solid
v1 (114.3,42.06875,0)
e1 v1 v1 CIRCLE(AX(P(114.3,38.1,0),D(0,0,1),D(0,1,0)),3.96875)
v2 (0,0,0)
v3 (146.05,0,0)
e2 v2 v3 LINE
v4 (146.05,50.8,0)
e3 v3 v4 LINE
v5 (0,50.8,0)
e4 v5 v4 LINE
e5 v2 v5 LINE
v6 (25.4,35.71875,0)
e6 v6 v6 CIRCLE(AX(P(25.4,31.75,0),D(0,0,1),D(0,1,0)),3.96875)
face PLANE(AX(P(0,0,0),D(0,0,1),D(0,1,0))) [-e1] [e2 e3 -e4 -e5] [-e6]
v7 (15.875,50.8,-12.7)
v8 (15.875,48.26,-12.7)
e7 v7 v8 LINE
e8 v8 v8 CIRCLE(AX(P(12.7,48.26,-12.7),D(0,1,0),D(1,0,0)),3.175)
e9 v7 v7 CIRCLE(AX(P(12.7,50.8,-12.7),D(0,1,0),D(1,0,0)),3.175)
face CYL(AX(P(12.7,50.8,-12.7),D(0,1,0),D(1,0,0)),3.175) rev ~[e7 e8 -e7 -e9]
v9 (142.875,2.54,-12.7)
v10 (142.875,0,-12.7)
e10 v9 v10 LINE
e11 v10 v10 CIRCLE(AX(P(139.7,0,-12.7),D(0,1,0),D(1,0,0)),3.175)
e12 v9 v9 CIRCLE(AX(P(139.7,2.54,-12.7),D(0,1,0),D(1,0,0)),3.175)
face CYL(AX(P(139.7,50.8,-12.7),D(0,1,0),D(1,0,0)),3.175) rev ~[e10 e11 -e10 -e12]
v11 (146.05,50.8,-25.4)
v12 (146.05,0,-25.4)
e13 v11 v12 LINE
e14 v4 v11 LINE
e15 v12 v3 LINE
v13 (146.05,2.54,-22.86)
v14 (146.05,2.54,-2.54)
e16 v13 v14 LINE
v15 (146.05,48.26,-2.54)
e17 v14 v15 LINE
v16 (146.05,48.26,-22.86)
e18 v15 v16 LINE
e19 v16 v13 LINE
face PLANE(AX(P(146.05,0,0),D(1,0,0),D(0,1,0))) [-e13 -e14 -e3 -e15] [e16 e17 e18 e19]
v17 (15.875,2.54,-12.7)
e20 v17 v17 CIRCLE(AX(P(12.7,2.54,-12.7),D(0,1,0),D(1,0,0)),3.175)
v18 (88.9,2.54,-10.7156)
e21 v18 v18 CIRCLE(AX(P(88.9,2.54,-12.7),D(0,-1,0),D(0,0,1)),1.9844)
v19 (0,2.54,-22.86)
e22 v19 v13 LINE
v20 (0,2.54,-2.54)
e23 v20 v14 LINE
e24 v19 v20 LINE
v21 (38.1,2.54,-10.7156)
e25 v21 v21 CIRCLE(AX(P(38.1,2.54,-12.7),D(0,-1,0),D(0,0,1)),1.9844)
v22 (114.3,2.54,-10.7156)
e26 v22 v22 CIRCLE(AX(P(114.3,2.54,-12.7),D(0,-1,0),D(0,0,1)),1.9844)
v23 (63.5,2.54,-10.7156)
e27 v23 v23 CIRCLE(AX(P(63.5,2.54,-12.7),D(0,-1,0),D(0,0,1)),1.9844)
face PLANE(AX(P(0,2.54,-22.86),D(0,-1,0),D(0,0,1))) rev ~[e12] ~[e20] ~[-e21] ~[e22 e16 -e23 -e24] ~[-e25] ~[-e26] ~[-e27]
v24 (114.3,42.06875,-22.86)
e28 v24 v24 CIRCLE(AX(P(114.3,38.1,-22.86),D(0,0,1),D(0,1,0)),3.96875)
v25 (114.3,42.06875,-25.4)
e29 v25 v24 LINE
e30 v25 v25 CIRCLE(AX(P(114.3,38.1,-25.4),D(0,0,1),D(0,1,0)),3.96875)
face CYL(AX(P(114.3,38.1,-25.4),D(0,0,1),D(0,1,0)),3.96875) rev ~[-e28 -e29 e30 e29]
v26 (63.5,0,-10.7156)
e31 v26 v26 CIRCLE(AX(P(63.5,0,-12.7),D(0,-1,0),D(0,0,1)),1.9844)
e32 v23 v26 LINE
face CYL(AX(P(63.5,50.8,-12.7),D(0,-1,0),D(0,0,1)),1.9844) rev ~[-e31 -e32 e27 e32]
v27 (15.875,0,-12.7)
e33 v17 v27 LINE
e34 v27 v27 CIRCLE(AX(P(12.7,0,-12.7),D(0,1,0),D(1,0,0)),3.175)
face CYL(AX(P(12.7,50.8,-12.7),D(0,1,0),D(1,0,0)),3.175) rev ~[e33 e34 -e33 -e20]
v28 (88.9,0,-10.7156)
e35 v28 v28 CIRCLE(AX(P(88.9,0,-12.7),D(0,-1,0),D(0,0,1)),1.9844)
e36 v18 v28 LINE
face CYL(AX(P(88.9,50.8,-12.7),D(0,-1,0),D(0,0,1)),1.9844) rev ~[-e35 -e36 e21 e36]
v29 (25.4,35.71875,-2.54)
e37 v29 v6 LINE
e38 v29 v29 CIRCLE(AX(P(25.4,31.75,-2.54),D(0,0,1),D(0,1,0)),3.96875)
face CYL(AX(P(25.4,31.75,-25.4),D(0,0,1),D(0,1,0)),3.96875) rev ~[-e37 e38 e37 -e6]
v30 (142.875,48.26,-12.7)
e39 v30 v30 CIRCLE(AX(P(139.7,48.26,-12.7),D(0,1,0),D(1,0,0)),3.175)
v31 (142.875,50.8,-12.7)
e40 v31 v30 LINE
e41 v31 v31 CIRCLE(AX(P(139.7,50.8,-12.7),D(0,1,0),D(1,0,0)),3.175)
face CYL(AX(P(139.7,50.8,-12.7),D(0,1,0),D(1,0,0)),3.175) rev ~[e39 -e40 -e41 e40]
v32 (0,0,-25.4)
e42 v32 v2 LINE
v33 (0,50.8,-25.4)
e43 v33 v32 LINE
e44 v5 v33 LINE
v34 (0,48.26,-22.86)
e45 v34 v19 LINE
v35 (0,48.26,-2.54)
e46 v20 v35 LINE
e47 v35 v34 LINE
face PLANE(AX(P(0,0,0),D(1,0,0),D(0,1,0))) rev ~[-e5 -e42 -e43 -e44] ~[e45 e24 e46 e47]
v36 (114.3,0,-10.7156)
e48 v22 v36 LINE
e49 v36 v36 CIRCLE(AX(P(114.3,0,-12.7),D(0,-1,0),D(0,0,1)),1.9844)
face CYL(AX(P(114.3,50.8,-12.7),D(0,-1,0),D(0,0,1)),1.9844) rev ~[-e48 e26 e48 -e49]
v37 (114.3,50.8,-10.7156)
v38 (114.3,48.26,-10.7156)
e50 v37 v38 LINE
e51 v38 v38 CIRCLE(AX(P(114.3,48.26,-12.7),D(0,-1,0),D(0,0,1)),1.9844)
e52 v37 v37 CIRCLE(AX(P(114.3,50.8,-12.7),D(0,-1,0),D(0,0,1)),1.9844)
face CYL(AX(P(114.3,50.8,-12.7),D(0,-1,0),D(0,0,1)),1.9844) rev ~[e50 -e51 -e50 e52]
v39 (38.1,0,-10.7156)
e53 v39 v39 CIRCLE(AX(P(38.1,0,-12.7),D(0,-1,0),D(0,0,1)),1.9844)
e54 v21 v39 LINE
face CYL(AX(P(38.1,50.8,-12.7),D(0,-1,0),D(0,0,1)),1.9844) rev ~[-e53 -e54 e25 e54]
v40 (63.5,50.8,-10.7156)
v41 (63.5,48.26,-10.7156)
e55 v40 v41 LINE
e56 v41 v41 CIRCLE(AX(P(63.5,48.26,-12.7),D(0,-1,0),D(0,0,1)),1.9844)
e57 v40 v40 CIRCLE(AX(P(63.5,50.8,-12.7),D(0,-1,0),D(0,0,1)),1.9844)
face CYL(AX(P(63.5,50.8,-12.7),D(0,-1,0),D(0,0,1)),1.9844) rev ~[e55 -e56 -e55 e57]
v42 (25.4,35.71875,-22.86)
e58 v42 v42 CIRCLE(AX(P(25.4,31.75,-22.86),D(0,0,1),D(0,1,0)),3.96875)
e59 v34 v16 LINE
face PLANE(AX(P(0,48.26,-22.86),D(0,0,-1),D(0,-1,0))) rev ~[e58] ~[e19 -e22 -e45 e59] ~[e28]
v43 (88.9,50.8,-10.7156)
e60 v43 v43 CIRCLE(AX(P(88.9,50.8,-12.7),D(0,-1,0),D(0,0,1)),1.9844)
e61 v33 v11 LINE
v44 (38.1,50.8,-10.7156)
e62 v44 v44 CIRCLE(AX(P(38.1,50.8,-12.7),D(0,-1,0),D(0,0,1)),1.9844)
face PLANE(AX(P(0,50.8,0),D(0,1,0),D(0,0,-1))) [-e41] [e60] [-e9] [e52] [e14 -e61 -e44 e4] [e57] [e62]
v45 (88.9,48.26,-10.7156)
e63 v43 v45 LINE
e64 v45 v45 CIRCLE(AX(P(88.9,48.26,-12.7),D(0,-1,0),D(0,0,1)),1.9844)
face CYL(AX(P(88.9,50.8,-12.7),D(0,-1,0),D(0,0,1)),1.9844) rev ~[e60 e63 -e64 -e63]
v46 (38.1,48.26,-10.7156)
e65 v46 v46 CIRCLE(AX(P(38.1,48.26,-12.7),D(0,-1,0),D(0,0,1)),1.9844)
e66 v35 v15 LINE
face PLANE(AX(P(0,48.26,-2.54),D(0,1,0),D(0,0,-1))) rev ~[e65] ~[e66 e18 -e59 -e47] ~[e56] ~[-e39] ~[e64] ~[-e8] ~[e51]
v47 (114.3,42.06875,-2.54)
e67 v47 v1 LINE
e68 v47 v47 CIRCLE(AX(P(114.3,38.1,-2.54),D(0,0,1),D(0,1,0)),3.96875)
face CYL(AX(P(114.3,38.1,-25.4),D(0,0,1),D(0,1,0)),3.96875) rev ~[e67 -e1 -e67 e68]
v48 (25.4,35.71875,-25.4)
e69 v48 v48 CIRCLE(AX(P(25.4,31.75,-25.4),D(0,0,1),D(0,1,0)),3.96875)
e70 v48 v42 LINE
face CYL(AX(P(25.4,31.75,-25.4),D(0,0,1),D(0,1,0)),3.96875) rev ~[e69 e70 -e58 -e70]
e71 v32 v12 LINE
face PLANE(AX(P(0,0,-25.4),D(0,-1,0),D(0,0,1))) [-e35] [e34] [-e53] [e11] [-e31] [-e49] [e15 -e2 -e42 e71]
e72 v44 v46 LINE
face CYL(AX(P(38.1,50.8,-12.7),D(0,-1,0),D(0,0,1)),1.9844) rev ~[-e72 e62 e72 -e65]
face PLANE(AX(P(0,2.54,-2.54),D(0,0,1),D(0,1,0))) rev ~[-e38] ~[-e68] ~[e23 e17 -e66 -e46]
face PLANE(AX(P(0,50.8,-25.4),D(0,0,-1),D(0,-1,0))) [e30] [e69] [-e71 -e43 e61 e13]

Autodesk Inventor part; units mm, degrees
ref_plane "YZ Plane" through (0, 0, 0) normal (1, 0, 0) x (0, 1, 0)
ref_plane "XZ Plane" through (0, 0, 0) normal (0, 1, 0) x (-1, 0, 0)
ref_plane "XY Plane" through (0, 0, 0) normal (0, 0, 1) x (1, 0, 0)
sketch "Sketch1" plane through (0, 0, 0) normal (1, 0, 0) x (0, 1, 0)
  line L0 (0, 0) -> (50.8, 0)
  line L1 (50.8, 0) -> (50.8, -25.4)
  line L2 (50.8, -25.4) -> (0, -25.4)
  line L3 (0, -25.4) -> (0, 0)
  line L4 (2.54, -2.54) -> (48.26, -2.54)
  line L5 (48.26, -2.54) -> (48.26, -22.86)
  line L6 (48.26, -22.86) -> (2.54, -22.86)
  line L7 (2.54, -22.86) -> (2.54, -2.54)
  dimension "d0" = 50.8
  dimension "d1" = 25.4
  dimension "d2" = 45.72
  dimension "d3" = 20.32
  dimension "d4" = 2.54
  dimension "d5" = 2.54
extrude "Extrusion1" add sketch "Sketch1" along normal blind 146.05
sketch "Sketch5" plane through (0, 50.8, 0) normal (0, 1, 0) x (1, 0, 0)
  line L0 (0, 0) -> (0, 25.4) projected
  line L1 (0, 0) -> (146.05, 0) projected
  line L2 (146.05, 25.4) -> (146.05, 0) projected
  line L3 (0, 25.4) -> (146.05, 25.4) projected
  point P0 (12.7, 12.7)
  dimension "d39" = 12.7
  dimension "d40" = 12.7
hole "Hole3" at (12.7, 50.8, -12.7) direction (0, -1, 0) diameter 3.9688 end through all
pattern_linear "Rectangular Pattern1" count 6 spacing 25.4 along (1, 0, 0) of "Hole3"
sketch "Sketch6" plane through (0, 0, -25.4) normal (0, 0, -1) x (-1, 0, 0)
  line L0 (0, 50.8) -> (0, 0) projected
  line L1 (0, 50.8) -> (-146.05, 50.8) projected
  line L2 (-146.05, 0) -> (-146.05, 50.8) projected
  line L3 (0, 0) -> (-146.05, 0) projected
  point P0 (-114.3, 38.1)
  dimension "d51" = 12.7
  dimension "d52" = 31.75
hole "Hole4" at (114.3, 38.1, -25.4) direction (0, 0, 1) diameter 7.9375 end through all
sketch "Sketch7" plane through (0, 50.8, 0) normal (0, 1, 0) x (1, 0, 0)
  circle A0 centre (139.7, 12.7) radius 1.9844 projected
  circle A1 centre (114.3, 12.7) radius 1.9844 projected
  circle A2 centre (88.9, 12.7) radius 1.9844 projected
  circle A3 centre (63.5, 12.7) radius 1.9844 projected
  circle A4 centre (38.1, 12.7) radius 1.9844 projected
  circle A5 centre (12.7, 12.7) radius 1.9844 projected
  line L0 (0, 0) -> (0, 25.4) projected
  line L1 (0, 0) -> (146.05, 0) projected
  line L2 (146.05, 25.4) -> (146.05, 0) projected
  line L3 (0, 25.4) -> (146.05, 25.4) projected
  circle A6 centre (12.7, 12.7) radius 1.9844 projected
  circle A7 centre (12.7, 12.7) radius 3.175
  circle A8 centre (139.7, 12.7) radius 3.175
  dimension "d60" = 6.35
  dimension "d61" = 6.35
extrude "Extrusion3" cut sketch "Sketch7" against normal blind 50.8 contours A7 | A8
sketch "Sketch8" plane through (0, 0, -25.4) normal (0, 0, -1) x (-1, 0, 0)
  circle A0 centre (-114.3, 38.1) radius 3.9687 projected
  line L0 (0, 50.8) -> (0, 0) projected
  line L1 (0, 50.8) -> (-146.05, 50.8) projected
  line L2 (-146.05, 0) -> (-146.05, 50.8) projected
  line L3 (0, 0) -> (-146.05, 0) projected
  point P0 (-25.4, 31.75)
  dimension "d64" = 19.05
  dimension "d65" = 25.4
hole "Hole5" at (25.4, 31.75, -25.4) direction (0, 0, 1) diameter 7.9375 end through all
properties part number "frame_front_bumper"
